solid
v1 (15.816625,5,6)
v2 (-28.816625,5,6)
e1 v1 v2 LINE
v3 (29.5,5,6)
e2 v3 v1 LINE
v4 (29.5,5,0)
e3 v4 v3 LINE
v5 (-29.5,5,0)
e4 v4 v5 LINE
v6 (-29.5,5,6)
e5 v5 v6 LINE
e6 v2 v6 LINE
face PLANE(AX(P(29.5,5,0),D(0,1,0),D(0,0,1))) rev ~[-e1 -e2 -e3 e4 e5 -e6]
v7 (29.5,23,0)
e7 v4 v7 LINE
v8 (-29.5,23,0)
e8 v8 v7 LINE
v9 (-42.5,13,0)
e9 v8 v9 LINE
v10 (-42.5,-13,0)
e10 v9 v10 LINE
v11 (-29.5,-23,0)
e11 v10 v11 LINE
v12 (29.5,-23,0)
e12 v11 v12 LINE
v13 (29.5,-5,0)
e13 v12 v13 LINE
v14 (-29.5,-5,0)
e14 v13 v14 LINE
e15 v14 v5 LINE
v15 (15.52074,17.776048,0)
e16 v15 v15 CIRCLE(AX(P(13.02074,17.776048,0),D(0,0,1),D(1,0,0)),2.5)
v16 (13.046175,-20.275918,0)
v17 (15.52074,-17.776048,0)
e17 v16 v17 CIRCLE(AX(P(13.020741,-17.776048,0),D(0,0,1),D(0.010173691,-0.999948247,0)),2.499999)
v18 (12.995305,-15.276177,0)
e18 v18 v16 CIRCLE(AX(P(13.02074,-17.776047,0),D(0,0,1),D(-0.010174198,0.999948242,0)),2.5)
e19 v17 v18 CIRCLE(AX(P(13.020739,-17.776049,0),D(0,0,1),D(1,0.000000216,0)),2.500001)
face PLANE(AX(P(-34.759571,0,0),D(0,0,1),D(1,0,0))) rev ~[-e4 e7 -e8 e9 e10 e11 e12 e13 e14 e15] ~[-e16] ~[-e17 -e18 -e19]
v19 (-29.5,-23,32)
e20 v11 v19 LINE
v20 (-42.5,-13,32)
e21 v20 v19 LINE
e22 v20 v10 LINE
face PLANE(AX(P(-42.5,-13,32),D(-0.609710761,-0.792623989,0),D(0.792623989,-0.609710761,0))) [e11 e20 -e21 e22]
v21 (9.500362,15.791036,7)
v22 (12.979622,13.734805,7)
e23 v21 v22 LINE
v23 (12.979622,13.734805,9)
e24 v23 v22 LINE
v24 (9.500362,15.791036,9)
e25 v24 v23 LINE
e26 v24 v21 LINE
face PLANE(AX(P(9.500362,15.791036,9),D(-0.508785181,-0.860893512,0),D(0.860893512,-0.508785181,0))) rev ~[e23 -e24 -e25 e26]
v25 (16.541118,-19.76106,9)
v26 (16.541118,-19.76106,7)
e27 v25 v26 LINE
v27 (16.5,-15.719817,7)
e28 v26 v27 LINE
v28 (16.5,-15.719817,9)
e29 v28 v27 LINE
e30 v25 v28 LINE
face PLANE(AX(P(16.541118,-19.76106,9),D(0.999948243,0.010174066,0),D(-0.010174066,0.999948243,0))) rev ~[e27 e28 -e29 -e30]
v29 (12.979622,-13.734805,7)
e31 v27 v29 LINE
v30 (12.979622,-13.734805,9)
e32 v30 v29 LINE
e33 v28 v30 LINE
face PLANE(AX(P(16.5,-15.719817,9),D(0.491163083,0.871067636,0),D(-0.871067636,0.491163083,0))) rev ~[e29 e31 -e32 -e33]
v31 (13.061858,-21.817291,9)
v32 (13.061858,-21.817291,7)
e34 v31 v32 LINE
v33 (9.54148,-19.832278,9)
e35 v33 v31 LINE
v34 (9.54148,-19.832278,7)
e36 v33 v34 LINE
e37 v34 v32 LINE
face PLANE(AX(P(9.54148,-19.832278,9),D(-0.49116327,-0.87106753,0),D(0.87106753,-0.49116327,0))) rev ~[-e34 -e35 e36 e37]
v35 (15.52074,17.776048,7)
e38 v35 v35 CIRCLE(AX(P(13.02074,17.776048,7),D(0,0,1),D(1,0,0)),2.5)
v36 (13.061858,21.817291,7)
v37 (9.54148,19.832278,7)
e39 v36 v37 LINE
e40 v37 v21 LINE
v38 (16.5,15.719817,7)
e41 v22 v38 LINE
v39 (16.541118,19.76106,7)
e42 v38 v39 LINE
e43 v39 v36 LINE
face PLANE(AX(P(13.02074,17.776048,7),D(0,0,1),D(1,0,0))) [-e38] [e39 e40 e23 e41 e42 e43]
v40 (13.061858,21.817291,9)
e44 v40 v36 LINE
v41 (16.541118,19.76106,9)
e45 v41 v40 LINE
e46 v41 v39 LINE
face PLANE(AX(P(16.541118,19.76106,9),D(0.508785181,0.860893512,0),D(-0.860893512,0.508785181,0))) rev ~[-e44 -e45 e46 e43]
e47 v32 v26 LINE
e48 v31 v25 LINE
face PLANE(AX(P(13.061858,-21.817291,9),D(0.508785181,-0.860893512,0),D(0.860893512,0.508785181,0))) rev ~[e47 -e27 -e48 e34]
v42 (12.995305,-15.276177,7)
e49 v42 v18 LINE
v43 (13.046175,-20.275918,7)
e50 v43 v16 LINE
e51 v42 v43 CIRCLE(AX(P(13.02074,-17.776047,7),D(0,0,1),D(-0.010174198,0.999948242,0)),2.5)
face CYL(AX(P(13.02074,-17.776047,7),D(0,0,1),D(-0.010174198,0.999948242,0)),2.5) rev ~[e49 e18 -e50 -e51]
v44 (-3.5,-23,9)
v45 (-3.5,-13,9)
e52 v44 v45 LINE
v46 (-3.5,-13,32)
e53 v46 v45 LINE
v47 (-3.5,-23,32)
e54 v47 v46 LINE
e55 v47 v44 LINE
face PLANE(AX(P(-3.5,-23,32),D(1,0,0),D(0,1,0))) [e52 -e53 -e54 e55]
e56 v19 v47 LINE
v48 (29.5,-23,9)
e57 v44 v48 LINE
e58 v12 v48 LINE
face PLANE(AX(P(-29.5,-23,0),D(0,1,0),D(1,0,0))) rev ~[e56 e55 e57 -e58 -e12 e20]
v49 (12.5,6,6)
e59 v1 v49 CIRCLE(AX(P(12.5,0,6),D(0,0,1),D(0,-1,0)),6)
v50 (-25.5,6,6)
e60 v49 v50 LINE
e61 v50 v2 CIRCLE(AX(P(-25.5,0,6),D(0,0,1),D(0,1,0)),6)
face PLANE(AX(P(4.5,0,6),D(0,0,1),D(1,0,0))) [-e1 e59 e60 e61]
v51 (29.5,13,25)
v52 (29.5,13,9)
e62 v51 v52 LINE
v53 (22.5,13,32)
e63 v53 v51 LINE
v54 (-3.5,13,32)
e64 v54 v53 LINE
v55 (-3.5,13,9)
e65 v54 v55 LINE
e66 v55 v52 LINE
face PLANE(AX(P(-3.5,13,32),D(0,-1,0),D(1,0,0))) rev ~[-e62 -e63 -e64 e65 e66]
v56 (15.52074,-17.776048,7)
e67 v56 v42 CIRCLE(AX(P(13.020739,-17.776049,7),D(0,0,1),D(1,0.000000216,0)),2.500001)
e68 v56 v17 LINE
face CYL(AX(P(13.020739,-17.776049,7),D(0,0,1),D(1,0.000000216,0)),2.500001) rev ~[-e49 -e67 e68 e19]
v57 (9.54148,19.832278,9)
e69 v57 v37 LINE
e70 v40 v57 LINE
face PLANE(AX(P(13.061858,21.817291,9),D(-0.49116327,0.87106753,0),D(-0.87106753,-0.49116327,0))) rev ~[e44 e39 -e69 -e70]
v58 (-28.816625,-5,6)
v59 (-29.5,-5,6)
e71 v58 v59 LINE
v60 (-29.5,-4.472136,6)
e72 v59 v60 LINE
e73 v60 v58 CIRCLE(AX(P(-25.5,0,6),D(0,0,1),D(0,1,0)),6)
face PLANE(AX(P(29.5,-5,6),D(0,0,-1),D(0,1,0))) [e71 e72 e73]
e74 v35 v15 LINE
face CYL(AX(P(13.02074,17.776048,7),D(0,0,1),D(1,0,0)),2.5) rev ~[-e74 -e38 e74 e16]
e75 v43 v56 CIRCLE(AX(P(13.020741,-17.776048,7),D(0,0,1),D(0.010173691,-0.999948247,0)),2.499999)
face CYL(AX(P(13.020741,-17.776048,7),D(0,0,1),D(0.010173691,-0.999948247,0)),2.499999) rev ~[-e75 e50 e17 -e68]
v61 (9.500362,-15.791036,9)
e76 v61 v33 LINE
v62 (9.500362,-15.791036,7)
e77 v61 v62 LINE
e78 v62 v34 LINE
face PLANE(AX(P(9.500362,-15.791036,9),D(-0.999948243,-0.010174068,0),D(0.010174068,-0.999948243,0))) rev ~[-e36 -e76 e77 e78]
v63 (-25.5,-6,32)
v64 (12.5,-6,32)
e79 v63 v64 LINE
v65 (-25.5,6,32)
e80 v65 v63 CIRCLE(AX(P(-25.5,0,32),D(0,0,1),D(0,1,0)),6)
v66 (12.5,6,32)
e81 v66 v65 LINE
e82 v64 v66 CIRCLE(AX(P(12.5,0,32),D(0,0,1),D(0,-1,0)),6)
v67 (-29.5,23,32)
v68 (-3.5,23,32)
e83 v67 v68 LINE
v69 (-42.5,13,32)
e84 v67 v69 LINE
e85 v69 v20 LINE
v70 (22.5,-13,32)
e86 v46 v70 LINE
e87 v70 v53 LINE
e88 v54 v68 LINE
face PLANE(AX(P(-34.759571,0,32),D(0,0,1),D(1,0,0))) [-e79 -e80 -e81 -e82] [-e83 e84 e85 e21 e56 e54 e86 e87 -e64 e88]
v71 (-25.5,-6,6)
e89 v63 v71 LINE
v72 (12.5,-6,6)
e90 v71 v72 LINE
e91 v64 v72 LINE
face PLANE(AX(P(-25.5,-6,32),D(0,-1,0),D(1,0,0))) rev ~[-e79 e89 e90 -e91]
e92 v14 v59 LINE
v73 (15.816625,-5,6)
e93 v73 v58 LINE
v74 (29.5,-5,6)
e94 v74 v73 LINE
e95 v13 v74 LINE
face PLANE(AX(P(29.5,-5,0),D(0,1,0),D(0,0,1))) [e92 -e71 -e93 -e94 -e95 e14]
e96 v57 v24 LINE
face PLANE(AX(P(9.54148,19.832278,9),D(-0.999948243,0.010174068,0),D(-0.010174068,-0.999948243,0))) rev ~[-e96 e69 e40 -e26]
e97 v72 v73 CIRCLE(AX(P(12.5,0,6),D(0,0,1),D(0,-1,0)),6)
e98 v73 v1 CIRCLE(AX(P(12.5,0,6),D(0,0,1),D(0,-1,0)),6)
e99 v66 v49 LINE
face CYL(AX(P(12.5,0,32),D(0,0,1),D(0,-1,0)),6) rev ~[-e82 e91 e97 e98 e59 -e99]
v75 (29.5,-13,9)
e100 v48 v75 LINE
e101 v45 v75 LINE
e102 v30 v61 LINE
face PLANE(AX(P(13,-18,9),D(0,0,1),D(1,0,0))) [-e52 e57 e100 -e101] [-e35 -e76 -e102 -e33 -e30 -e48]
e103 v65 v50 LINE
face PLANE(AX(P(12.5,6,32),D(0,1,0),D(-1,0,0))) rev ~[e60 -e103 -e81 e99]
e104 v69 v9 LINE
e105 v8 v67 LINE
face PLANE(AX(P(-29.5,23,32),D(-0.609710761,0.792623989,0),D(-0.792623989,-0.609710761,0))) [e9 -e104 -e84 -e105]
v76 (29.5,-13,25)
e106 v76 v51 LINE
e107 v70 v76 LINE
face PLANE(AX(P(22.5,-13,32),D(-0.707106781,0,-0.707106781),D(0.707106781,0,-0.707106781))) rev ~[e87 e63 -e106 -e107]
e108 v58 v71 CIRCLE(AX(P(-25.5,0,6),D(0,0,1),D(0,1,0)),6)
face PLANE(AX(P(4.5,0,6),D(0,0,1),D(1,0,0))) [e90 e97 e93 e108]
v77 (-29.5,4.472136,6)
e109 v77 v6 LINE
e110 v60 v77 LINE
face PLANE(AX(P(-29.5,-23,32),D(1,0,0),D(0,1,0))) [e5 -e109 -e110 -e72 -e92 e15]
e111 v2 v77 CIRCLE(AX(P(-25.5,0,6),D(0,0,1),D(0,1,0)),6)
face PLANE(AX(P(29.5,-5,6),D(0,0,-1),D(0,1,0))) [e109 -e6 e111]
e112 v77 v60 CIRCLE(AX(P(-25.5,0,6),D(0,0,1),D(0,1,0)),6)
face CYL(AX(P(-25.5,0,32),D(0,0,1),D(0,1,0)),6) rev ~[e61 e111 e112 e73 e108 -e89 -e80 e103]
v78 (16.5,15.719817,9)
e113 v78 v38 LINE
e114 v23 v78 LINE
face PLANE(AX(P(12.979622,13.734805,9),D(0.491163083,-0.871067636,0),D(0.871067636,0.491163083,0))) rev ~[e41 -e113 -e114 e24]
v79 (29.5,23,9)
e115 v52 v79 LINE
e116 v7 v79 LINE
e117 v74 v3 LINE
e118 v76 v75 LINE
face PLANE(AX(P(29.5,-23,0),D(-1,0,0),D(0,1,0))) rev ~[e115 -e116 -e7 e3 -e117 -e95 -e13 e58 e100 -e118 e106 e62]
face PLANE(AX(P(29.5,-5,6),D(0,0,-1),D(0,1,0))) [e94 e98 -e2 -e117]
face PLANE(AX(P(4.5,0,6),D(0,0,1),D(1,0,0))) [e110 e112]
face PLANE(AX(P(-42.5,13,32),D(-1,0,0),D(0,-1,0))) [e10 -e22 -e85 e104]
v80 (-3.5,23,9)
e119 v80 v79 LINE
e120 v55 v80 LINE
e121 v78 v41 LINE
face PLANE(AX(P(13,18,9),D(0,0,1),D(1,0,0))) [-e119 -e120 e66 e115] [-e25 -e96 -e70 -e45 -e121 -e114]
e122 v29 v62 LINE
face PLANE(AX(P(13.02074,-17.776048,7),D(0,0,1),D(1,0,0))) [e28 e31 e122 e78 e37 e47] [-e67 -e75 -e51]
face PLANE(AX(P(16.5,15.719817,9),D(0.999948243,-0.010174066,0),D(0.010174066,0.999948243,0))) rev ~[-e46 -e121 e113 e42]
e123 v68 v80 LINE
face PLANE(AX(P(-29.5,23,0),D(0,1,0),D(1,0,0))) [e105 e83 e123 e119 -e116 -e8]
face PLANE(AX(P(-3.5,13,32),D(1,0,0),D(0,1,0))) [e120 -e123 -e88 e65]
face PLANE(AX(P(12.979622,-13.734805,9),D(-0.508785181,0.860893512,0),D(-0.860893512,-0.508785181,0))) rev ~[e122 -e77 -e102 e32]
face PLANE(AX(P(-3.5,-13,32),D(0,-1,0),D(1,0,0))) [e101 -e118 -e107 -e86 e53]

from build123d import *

# Parameters (mm, degrees)
F0_W      = 59
F0_H      = 46
F1_DEPTH  = 32
F2_W      = 10
F2_H      = 6
F3_DEPTH  = 59
F4_W      = 33
F4_H      = 10
F5_DEPTH  = 23
F6_DEPTH  = 32
F8_DEPTH  = 26
F9_W      = 16
F9_H      = 12
F9_W_2    = 22
F10_DEPTH = 26
F12_DEPTH = 2
F13_R     = 2.5
F14_DEPTH = 25


with BuildPart() as f1:
    # F0 (on Top) → F1 (new body)
    with BuildSketch(Plane.XY):
        Rectangle(F0_W, F0_H)
    extrude(amount=F1_DEPTH)

    # F2 (on face) → F3 (cut)
    with BuildSketch(Plane.YZ.offset(29.5)):
        with Locations((0, 3)):
            Rectangle(F2_W, F2_H)
    extrude(amount=-F3_DEPTH, mode=Mode.SUBTRACT)

    # F4 (on face) → F5 (cut)
    with BuildSketch(Plane.XY.offset(32)):
        with Locations((13, -18)):
            Rectangle(F4_W, F4_H)
        with Locations((13, 18)):
            Rectangle(F4_W, F4_H)
    extrude(amount=-F5_DEPTH, mode=Mode.SUBTRACT)

    # F4 (on face) → F6 (join)
    with BuildSketch(Plane.XY.offset(32)):
        Polygon((-42.5, -13), (-29.5, -23), (-29.5, 23), (-42.5, 13), align=None)
    extrude(amount=-F6_DEPTH)

    # F7 (on face) → F8 (cut)
    with BuildSketch(Plane.XZ.offset(13)):
        Polygon((29.5, 25), (29.5, 32), (22.5, 32), align=None)
    extrude(amount=-F8_DEPTH, mode=Mode.SUBTRACT)

    # F9 (on face) → F10 (cut)
    with BuildSketch(Plane.XY.offset(32)):
        with Locations((4.5, 0)):
            Rectangle(F9_W, F9_H)
        with Locations((-14.5, 0)):
            Rectangle(F9_W_2, F9_H)
        with BuildLine():
            ThreePointArc((12.5, -6), (18.5, 0), (12.5, 6))
            Line((12.5, 6), (12.5, -6))
        make_face()
        with BuildLine():
            Line((-25.5, -6), (-25.5, 6))
            ThreePointArc((-25.5, 6), (-31.5, 0), (-25.5, -6))
        make_face()
    extrude(amount=-F10_DEPTH, mode=Mode.SUBTRACT)

    # F11 (on face) → F12 (cut)
    with BuildSketch(Plane.XY.offset(9)):
        Polygon((16.5, -15.719817), (12.979622, -13.734805), (9.500362, -15.791036), (9.54148, -19.832278), (13.061858, -21.817291), (16.541118, -19.76106), align=None)
        Polygon((13.061858, 21.817291), (9.54148, 19.832278), (9.500362, 15.791036), (12.979622, 13.734805), (16.5, 15.719817), (16.541118, 19.76106), align=None)
    extrude(amount=-F12_DEPTH, mode=Mode.SUBTRACT)

    # F13 (on face) → F14 (cut)
    with BuildSketch(Plane.XY.offset(7)):
        with BuildLine():
            ThreePointArc((15.52074, -17.776048), (14.779491, -15.999311), (12.995305, -15.276177))
            Line((12.995305, -15.276177), (13.046175, -20.275918))
            ThreePointArc((13.046175, -20.275918), (14.797477, -19.534799), (15.52074, -17.776048))
        make_face()
        with BuildLine():
            Line((13.046175, -20.275918), (12.995305, -15.276177))
            ThreePointArc((12.995305, -15.276177), (10.52087, -17.801483), (13.046175, -20.275918))
        make_face()
        with Locations((13.02074, 17.776048)):
            Circle(F13_R)
    extrude(amount=-F14_DEPTH, mode=Mode.SUBTRACT)


solid = f1.part
